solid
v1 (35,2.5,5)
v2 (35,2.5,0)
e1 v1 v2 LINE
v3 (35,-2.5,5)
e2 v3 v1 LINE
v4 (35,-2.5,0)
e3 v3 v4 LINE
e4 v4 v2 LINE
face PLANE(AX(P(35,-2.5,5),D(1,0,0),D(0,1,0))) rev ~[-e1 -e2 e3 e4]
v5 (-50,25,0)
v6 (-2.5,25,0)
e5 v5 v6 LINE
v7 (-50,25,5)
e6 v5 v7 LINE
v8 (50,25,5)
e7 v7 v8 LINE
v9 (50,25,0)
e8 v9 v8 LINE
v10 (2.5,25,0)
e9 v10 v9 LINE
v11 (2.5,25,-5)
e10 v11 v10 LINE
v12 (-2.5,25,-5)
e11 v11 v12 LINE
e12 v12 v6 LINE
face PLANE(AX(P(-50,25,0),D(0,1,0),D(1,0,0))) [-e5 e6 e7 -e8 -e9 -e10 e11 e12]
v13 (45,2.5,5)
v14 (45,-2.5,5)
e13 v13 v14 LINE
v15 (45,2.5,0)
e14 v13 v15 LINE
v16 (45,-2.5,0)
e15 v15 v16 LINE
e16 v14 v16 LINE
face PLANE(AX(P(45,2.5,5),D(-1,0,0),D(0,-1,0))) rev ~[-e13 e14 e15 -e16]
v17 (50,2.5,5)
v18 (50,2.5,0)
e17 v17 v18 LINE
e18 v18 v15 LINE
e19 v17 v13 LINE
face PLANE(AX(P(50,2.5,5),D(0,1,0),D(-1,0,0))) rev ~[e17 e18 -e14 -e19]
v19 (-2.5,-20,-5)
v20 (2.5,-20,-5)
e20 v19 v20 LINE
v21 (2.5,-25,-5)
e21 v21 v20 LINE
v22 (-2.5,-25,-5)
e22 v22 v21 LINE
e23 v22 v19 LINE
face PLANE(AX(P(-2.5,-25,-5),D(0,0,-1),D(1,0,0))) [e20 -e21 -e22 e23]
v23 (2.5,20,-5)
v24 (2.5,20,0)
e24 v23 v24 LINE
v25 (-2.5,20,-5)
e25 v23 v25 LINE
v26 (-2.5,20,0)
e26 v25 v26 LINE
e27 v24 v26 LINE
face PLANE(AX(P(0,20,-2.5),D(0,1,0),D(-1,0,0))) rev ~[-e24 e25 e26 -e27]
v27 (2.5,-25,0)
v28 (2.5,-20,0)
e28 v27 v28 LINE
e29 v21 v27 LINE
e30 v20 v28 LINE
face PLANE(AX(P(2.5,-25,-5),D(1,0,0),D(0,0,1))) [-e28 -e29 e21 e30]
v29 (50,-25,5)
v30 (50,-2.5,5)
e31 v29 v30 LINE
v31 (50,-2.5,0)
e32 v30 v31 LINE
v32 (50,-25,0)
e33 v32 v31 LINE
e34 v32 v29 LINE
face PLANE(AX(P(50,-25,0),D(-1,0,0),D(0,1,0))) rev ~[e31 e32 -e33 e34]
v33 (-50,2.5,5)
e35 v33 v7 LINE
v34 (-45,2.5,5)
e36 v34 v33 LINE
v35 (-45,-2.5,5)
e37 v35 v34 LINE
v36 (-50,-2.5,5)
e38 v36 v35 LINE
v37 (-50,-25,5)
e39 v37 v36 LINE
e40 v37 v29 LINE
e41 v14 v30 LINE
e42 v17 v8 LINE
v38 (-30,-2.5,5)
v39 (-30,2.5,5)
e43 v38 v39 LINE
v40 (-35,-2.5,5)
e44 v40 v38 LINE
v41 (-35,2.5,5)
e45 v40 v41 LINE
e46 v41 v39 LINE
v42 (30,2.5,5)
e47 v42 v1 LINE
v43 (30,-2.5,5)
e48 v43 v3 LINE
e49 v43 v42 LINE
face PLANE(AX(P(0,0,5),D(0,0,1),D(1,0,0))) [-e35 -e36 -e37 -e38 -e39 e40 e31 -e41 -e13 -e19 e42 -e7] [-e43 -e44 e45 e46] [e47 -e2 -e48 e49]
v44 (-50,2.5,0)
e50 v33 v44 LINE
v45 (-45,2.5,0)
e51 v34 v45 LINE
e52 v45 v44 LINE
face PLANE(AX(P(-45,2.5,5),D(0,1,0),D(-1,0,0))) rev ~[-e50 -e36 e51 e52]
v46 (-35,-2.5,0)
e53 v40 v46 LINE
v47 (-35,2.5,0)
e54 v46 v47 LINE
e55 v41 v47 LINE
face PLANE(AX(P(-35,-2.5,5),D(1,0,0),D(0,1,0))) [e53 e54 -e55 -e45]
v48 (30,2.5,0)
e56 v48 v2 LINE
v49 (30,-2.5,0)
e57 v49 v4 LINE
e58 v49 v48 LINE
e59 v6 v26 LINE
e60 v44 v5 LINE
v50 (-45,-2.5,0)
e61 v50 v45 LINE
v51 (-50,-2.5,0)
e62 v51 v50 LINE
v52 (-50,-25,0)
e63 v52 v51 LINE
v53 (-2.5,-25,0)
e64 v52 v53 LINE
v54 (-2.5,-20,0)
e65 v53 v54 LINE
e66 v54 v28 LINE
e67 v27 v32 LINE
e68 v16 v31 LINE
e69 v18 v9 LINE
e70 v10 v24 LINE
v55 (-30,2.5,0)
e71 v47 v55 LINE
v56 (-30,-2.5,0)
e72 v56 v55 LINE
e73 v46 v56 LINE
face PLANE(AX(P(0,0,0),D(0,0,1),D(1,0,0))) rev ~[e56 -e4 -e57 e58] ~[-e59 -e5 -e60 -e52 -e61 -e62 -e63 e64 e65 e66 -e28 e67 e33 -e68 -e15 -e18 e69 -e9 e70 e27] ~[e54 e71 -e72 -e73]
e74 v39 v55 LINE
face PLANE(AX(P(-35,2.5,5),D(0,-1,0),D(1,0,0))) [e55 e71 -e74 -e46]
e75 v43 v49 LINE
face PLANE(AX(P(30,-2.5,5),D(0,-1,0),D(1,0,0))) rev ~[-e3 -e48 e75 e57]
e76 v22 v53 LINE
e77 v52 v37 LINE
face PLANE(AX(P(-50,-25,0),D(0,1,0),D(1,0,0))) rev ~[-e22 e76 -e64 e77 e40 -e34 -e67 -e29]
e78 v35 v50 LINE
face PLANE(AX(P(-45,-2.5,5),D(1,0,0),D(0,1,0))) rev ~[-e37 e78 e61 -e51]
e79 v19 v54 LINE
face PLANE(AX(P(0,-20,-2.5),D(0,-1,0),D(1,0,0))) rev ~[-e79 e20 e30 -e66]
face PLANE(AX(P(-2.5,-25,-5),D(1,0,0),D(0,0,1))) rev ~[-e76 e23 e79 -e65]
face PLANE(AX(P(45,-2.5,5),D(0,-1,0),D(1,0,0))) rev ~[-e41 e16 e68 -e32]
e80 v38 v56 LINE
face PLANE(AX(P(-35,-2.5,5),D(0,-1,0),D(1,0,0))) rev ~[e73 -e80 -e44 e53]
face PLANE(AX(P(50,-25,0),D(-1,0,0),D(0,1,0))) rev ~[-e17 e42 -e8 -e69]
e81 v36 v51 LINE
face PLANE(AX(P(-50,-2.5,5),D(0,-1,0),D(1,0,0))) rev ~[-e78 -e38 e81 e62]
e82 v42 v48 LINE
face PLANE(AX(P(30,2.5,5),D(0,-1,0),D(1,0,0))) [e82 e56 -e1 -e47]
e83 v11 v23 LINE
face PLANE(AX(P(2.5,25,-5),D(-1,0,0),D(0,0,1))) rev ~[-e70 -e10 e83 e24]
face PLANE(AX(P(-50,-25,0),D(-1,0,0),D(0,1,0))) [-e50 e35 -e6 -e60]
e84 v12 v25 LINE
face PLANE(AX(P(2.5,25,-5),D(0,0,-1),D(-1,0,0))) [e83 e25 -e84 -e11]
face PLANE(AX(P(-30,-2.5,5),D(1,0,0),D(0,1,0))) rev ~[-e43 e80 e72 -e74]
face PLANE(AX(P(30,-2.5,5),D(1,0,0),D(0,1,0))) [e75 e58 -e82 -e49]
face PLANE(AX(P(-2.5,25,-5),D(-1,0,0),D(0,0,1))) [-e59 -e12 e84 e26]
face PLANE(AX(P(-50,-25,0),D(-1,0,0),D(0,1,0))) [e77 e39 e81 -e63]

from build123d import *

# Parameters (mm, degrees)
F0_W     = 100
F0_H     = 50
F1_DEPTH = 5
F2_W     = 5
F2_H     = 5
F3_DEPTH = 5
F4_W     = 5
F4_H     = 5
F5_DEPTH = 5
F6_W     = 5
F6_H     = 5
F7_DEPTH = 5


with BuildPart() as f1:
    # F0 (on Top) → F1 (new body)
    with BuildSketch(Plane.XY):
        Rectangle(F0_W, F0_H)
    extrude(amount=F1_DEPTH)

    # F2 (on face) → F3 (join)
    with BuildSketch(Plane(origin=(0, 25, 0), x_dir=(-1, 0, 0), z_dir=(0, 1, 0))):
        with Locations((0, -2.5)):
            Rectangle(F2_W, F2_H)
    extrude(amount=-F3_DEPTH)

    # F4 (on face) → F5 (join)
    with BuildSketch(Plane.XZ.offset(25)):
        with Locations((0, -2.5)):
            Rectangle(F4_W, F4_H)
    extrude(amount=-F5_DEPTH)

    # F6 (on face) → F7 (cut, through all)
    with BuildSketch(Plane.XY.offset(5)):
        Polygon((-50, 2.5), (-50, 0), (-50, -2.5), (-45, -2.5), (-45, 2.5), align=None)
        with Locations((-32.5, 0)):
            Rectangle(F6_W, F6_H)
        with Locations((32.5, 0)):
            Rectangle(F6_W, F6_H)
        Polygon((45, 2.5), (45, -2.5), (50, -2.5), (50, 0), (50, 2.5), align=None)
    extrude(amount=-F7_DEPTH, mode=Mode.SUBTRACT)


solid = f1.part
